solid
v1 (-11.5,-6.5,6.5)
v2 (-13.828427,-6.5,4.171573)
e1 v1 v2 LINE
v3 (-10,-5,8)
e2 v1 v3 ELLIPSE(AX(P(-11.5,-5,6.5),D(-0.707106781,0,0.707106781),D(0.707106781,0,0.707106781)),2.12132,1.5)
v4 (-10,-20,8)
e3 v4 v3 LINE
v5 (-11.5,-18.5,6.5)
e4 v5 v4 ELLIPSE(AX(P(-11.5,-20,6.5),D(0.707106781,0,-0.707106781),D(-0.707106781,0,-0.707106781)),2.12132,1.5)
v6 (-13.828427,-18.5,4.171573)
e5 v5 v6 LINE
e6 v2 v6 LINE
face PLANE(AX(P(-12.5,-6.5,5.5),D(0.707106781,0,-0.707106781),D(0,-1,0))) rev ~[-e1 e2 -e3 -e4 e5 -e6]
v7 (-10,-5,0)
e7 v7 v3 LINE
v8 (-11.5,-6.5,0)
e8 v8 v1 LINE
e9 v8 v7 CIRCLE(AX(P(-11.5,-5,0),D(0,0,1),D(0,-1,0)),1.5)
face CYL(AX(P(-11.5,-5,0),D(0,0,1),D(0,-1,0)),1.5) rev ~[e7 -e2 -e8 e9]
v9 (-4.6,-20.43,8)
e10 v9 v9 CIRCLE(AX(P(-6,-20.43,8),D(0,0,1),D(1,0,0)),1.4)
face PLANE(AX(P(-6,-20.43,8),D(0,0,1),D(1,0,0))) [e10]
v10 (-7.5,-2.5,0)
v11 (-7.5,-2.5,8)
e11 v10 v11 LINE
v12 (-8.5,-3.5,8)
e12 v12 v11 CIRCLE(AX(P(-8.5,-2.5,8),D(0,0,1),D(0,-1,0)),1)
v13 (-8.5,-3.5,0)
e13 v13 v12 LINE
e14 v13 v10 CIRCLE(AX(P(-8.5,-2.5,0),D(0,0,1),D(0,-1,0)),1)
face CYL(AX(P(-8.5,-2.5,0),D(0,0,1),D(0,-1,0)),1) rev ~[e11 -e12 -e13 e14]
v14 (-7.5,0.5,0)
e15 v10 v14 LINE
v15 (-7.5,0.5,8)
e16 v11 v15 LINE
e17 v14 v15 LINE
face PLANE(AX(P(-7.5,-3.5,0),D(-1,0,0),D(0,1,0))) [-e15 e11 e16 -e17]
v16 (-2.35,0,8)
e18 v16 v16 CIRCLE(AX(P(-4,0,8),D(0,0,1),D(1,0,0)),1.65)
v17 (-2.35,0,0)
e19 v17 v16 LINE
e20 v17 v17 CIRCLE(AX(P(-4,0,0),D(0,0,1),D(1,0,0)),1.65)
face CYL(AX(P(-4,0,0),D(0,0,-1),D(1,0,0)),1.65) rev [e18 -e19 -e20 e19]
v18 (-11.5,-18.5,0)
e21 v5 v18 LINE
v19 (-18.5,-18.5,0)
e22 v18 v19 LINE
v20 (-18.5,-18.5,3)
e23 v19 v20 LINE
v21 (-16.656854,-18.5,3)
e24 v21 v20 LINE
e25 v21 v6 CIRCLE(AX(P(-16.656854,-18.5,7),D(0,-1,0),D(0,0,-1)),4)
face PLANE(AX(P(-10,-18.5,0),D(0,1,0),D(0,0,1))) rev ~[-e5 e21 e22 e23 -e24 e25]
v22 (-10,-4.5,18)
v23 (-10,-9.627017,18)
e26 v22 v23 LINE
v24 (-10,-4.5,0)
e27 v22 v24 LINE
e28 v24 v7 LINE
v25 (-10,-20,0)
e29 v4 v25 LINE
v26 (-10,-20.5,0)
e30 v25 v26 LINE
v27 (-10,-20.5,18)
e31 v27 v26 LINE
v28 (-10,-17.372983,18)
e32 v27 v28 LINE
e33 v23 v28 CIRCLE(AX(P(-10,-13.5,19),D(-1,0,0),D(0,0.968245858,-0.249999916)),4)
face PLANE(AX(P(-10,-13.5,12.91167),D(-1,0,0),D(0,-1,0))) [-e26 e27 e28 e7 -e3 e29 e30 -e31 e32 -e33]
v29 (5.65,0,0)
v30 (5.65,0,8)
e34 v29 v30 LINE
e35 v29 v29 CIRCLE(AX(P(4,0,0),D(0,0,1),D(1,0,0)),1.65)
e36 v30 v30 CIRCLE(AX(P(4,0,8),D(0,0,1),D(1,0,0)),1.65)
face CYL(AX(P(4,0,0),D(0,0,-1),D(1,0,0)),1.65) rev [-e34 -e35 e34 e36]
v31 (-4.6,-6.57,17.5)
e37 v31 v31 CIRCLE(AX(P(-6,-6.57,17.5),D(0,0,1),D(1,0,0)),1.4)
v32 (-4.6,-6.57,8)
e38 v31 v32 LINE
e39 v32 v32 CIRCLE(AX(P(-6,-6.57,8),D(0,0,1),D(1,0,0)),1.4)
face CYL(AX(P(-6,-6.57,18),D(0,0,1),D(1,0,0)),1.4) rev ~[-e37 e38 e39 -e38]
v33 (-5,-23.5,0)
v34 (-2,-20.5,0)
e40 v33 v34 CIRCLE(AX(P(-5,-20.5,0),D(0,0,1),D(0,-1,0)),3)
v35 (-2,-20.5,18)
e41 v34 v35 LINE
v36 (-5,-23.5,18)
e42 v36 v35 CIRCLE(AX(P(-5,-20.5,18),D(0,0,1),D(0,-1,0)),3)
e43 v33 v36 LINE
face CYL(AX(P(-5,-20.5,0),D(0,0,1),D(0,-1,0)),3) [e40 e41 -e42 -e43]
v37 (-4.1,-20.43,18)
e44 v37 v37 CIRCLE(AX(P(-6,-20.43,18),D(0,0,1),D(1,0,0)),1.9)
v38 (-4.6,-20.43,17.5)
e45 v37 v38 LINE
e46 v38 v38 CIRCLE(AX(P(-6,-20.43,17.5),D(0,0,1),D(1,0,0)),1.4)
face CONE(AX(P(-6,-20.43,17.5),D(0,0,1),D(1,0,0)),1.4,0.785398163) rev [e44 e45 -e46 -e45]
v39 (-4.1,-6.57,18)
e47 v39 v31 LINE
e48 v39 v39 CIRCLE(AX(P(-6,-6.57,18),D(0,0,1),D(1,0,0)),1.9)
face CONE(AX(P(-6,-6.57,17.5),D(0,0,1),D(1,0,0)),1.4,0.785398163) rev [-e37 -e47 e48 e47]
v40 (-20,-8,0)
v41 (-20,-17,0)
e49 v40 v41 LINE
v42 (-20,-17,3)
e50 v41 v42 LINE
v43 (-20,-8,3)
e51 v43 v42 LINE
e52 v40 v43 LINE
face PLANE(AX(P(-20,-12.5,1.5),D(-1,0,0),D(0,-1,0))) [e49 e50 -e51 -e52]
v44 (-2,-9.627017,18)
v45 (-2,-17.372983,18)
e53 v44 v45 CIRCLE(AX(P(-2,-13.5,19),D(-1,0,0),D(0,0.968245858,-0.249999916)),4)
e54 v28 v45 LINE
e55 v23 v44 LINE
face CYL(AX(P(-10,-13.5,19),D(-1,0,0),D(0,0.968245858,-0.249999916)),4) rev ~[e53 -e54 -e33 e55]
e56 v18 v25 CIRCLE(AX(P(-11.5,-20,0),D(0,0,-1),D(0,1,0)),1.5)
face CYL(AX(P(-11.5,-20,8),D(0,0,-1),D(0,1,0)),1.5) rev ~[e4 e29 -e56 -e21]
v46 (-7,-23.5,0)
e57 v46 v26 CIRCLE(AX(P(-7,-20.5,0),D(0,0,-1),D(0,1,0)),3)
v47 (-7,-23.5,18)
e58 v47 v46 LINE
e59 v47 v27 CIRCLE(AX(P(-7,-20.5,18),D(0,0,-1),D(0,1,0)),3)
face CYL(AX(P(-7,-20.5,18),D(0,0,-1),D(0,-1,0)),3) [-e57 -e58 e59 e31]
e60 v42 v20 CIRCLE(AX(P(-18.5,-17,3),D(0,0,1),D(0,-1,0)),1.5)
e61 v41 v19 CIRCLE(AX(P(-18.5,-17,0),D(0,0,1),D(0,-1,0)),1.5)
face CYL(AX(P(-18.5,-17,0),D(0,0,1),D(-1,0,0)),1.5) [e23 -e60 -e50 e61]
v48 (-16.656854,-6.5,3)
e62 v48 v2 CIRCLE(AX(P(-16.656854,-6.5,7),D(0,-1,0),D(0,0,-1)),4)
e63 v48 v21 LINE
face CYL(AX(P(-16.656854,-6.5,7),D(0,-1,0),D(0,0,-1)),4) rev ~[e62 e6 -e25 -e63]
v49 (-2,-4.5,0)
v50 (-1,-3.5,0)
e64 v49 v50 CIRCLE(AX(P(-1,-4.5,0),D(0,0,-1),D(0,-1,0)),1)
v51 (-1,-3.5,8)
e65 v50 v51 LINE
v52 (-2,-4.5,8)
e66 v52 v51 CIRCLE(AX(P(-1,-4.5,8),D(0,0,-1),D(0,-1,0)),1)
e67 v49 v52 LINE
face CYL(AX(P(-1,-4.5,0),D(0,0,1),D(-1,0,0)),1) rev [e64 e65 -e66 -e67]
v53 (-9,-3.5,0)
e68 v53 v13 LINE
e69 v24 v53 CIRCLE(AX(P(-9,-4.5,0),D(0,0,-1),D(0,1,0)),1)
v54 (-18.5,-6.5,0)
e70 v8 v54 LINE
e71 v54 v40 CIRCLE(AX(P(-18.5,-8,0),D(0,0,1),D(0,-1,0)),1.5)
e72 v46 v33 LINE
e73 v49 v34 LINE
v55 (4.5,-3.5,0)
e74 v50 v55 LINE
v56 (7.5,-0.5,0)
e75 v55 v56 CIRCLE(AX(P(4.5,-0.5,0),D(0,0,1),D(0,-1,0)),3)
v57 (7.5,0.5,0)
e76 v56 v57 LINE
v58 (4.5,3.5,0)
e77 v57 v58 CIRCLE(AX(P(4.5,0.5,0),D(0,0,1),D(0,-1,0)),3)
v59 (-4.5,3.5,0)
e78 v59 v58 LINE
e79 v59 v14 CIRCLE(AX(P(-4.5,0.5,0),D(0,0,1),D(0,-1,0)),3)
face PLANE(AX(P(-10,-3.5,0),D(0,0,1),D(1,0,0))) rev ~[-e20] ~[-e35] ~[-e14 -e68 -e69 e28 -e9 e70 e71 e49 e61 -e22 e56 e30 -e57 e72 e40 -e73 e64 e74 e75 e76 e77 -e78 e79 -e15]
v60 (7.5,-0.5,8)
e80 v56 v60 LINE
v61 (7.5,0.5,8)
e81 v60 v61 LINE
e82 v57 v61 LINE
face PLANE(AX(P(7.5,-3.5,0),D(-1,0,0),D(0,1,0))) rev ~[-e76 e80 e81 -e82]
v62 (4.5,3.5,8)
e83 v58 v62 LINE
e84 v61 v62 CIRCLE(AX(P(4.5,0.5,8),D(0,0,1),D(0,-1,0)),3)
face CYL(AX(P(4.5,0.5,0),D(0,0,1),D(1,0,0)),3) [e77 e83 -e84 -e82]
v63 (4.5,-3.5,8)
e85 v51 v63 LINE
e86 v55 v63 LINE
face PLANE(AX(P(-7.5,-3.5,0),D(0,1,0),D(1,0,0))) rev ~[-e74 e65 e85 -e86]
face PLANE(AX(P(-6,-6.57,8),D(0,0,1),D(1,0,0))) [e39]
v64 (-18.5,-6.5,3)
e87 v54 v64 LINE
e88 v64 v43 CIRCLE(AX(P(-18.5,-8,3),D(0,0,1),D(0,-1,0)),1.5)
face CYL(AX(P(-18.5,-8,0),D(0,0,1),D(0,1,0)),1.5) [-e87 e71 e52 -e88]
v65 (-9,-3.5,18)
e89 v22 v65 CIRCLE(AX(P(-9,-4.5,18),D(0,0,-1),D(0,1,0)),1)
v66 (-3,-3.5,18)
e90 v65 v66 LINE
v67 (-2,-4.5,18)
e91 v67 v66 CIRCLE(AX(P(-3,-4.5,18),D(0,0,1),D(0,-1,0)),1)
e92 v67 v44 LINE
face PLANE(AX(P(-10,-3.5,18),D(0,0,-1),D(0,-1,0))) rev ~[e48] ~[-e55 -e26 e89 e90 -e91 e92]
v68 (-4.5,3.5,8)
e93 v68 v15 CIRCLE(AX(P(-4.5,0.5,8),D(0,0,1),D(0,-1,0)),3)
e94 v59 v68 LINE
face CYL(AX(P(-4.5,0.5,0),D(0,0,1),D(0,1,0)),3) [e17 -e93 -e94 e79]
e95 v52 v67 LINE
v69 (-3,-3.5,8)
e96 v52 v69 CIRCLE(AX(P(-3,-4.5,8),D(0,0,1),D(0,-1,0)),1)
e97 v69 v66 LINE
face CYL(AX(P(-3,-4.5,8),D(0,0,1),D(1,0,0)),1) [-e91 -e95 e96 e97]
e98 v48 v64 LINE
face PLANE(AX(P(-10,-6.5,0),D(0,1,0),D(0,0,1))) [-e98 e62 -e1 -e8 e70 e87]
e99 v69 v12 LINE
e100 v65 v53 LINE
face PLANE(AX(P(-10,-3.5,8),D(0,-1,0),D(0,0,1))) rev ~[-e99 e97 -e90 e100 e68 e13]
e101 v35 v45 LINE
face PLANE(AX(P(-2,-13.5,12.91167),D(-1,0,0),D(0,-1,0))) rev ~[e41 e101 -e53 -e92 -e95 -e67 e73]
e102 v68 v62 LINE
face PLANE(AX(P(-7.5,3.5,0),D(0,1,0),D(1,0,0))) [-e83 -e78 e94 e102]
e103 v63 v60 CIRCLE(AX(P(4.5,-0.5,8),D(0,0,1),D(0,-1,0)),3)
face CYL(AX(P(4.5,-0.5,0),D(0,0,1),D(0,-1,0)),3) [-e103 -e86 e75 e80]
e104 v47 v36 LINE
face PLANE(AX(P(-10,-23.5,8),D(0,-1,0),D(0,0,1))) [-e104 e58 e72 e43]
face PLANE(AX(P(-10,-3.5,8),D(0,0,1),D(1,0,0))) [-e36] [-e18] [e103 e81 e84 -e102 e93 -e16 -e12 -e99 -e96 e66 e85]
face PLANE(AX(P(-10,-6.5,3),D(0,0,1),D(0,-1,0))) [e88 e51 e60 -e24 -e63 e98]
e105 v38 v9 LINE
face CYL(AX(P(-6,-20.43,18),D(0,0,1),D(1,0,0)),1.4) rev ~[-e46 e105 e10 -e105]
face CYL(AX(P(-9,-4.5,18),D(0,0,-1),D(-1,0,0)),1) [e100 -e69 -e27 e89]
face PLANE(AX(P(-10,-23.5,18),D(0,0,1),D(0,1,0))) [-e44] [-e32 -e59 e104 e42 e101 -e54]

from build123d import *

# Parameters (mm, degrees)
SKETCH_W        = 15
SKETCH_H        = 7
SKETCH_R        = 1.65
PAD_DEPTH       = 8
SKETCH001_W     = 8
SKETCH001_H     = 8
PAD001_DEPTH    = 20
PAD002_DEPTH    = 8
SKETCH003_R     = 1.4
POCKET_DEPTH    = 10
CHAMFER_SIZE    = 0.5
FILLET_R        = 3
FILLET001_R     = 1
FILLET002_R     = 1
FILLET003_R     = 1
SKETCH007_W     = 12
SKETCH007_H     = 3
PAD004_DEPTH    = 10
CHAMFER001_SIZE = 5
FILLET005_R     = 4
FILLET006_R     = 1.5


with BuildPart() as part:
    # Sketch (on XY_Plane of Origin) → Pad (new body)
    with BuildSketch(Plane.XY):
        Rectangle(SKETCH_W, SKETCH_H)
        with Locations((-4, 0)):
            Circle(SKETCH_R, mode=Mode.SUBTRACT)
        with Locations((4, 0)):
            Circle(SKETCH_R, mode=Mode.SUBTRACT)
    extrude(amount=PAD_DEPTH)

    # Sketch001 (on Face2 of Pad) → Pad001 (join)
    with BuildSketch(Plane.XZ.offset(3.5)):
        with Locations((-6, 4)):
            Rectangle(SKETCH001_W, SKETCH001_H)
    extrude(amount=PAD001_DEPTH)

    # Sketch002 (on Face5 of Pad001) → Pad002 (join)
    with BuildSketch(Plane(origin=(-10, 0, 0), x_dir=(0, -1, 0), z_dir=(-1, 0, 0))):
        with BuildLine():
            Line((3.5, 8), (23.5, 8))
            Line((23.5, 8), (23.5, 18))
            Line((23.5, 18), (17.372983, 18))
            ThreePointArc((9.627017, 18), (13.5, 15), (17.372983, 18))
            Line((3.5, 18), (9.627017, 18))
            Line((3.5, 8), (3.5, 18))
        make_face()
    extrude(amount=-PAD002_DEPTH)

    # Sketch003 (on Face3 of Pad002) → Pocket (cut)
    with BuildSketch(Plane.XY.offset(18)):
        with Locations((-6, -6.57)):
            Circle(SKETCH003_R)
        with Locations((-6, -20.43)):
            Circle(SKETCH003_R)
    extrude(amount=-POCKET_DEPTH, mode=Mode.SUBTRACT)

    # Chamfer
    chamfer_edges = [part.edges().sort_by_distance(p)[0] for p in [
        (-7.4, -20.43, 18),
        (-7.4, -6.57, 18),
    ]]
    chamfer(chamfer_edges, length=CHAMFER_SIZE)

    # Fillet
    fillet_edges = [part.edges().sort_by_distance(p)[0] for p in [
        (-7.5, 3.5, 4),
        (7.5, 3.5, 4),
        (7.5, -3.5, 4),
        (-2, -23.5, 9),
        (-10, -23.5, 9),
    ]]
    fillet(fillet_edges, radius=FILLET_R)

    # Fillet001
    fillet001_edges = [part.edges().sort_by_distance(p)[0] for p in [
        (-7.5, -3.5, 4),
        (-10, -3.5, 9),
    ]]
    fillet(fillet001_edges, radius=FILLET001_R)

    # Fillet002
    fillet002_edges = [part.edges().sort_by_distance(p)[0] for p in [
        (-2, -3.5, 4),
    ]]
    fillet(fillet002_edges, radius=FILLET002_R)

    # Fillet003
    fillet003_edges = [part.edges().sort_by_distance(p)[0] for p in [
        (-2, -3.5, 13),
    ]]
    fillet(fillet003_edges, radius=FILLET003_R)

    # Sketch007 (on Face11 of Fillet003) → Pad004 (join)
    with BuildSketch(Plane(origin=(-10, 0, 0), x_dir=(0, -1, 0), z_dir=(-1, 0, 0))):
        with Locations((12.5, 1.5)):
            Rectangle(SKETCH007_W, SKETCH007_H)
    extrude(amount=PAD004_DEPTH)

    # Chamfer001
    chamfer001_edges = [part.edges().sort_by_distance(p)[0] for p in [
        (-10, -12.5, 3),
    ]]
    chamfer(chamfer001_edges, length=CHAMFER001_SIZE)

    # Fillet005
    fillet005_edges = [part.edges().sort_by_distance(p)[0] for p in [
        (-15, -12.5, 3),
    ]]
    fillet(fillet005_edges, radius=FILLET005_R)

    # Fillet006
    fillet006_edges = [part.edges().sort_by_distance(p)[0] for p in [
        (-20, -6.5, 1.5),
        (-10, -6.5, 1.5),
        (-10, -18.5, 1.5),
        (-10, -18.5, 5.5),
        (-20, -18.5, 1.5),
        (-10, -6.5, 5.5),
    ]]
    fillet(fillet006_edges, radius=FILLET006_R)


solid = part.part
